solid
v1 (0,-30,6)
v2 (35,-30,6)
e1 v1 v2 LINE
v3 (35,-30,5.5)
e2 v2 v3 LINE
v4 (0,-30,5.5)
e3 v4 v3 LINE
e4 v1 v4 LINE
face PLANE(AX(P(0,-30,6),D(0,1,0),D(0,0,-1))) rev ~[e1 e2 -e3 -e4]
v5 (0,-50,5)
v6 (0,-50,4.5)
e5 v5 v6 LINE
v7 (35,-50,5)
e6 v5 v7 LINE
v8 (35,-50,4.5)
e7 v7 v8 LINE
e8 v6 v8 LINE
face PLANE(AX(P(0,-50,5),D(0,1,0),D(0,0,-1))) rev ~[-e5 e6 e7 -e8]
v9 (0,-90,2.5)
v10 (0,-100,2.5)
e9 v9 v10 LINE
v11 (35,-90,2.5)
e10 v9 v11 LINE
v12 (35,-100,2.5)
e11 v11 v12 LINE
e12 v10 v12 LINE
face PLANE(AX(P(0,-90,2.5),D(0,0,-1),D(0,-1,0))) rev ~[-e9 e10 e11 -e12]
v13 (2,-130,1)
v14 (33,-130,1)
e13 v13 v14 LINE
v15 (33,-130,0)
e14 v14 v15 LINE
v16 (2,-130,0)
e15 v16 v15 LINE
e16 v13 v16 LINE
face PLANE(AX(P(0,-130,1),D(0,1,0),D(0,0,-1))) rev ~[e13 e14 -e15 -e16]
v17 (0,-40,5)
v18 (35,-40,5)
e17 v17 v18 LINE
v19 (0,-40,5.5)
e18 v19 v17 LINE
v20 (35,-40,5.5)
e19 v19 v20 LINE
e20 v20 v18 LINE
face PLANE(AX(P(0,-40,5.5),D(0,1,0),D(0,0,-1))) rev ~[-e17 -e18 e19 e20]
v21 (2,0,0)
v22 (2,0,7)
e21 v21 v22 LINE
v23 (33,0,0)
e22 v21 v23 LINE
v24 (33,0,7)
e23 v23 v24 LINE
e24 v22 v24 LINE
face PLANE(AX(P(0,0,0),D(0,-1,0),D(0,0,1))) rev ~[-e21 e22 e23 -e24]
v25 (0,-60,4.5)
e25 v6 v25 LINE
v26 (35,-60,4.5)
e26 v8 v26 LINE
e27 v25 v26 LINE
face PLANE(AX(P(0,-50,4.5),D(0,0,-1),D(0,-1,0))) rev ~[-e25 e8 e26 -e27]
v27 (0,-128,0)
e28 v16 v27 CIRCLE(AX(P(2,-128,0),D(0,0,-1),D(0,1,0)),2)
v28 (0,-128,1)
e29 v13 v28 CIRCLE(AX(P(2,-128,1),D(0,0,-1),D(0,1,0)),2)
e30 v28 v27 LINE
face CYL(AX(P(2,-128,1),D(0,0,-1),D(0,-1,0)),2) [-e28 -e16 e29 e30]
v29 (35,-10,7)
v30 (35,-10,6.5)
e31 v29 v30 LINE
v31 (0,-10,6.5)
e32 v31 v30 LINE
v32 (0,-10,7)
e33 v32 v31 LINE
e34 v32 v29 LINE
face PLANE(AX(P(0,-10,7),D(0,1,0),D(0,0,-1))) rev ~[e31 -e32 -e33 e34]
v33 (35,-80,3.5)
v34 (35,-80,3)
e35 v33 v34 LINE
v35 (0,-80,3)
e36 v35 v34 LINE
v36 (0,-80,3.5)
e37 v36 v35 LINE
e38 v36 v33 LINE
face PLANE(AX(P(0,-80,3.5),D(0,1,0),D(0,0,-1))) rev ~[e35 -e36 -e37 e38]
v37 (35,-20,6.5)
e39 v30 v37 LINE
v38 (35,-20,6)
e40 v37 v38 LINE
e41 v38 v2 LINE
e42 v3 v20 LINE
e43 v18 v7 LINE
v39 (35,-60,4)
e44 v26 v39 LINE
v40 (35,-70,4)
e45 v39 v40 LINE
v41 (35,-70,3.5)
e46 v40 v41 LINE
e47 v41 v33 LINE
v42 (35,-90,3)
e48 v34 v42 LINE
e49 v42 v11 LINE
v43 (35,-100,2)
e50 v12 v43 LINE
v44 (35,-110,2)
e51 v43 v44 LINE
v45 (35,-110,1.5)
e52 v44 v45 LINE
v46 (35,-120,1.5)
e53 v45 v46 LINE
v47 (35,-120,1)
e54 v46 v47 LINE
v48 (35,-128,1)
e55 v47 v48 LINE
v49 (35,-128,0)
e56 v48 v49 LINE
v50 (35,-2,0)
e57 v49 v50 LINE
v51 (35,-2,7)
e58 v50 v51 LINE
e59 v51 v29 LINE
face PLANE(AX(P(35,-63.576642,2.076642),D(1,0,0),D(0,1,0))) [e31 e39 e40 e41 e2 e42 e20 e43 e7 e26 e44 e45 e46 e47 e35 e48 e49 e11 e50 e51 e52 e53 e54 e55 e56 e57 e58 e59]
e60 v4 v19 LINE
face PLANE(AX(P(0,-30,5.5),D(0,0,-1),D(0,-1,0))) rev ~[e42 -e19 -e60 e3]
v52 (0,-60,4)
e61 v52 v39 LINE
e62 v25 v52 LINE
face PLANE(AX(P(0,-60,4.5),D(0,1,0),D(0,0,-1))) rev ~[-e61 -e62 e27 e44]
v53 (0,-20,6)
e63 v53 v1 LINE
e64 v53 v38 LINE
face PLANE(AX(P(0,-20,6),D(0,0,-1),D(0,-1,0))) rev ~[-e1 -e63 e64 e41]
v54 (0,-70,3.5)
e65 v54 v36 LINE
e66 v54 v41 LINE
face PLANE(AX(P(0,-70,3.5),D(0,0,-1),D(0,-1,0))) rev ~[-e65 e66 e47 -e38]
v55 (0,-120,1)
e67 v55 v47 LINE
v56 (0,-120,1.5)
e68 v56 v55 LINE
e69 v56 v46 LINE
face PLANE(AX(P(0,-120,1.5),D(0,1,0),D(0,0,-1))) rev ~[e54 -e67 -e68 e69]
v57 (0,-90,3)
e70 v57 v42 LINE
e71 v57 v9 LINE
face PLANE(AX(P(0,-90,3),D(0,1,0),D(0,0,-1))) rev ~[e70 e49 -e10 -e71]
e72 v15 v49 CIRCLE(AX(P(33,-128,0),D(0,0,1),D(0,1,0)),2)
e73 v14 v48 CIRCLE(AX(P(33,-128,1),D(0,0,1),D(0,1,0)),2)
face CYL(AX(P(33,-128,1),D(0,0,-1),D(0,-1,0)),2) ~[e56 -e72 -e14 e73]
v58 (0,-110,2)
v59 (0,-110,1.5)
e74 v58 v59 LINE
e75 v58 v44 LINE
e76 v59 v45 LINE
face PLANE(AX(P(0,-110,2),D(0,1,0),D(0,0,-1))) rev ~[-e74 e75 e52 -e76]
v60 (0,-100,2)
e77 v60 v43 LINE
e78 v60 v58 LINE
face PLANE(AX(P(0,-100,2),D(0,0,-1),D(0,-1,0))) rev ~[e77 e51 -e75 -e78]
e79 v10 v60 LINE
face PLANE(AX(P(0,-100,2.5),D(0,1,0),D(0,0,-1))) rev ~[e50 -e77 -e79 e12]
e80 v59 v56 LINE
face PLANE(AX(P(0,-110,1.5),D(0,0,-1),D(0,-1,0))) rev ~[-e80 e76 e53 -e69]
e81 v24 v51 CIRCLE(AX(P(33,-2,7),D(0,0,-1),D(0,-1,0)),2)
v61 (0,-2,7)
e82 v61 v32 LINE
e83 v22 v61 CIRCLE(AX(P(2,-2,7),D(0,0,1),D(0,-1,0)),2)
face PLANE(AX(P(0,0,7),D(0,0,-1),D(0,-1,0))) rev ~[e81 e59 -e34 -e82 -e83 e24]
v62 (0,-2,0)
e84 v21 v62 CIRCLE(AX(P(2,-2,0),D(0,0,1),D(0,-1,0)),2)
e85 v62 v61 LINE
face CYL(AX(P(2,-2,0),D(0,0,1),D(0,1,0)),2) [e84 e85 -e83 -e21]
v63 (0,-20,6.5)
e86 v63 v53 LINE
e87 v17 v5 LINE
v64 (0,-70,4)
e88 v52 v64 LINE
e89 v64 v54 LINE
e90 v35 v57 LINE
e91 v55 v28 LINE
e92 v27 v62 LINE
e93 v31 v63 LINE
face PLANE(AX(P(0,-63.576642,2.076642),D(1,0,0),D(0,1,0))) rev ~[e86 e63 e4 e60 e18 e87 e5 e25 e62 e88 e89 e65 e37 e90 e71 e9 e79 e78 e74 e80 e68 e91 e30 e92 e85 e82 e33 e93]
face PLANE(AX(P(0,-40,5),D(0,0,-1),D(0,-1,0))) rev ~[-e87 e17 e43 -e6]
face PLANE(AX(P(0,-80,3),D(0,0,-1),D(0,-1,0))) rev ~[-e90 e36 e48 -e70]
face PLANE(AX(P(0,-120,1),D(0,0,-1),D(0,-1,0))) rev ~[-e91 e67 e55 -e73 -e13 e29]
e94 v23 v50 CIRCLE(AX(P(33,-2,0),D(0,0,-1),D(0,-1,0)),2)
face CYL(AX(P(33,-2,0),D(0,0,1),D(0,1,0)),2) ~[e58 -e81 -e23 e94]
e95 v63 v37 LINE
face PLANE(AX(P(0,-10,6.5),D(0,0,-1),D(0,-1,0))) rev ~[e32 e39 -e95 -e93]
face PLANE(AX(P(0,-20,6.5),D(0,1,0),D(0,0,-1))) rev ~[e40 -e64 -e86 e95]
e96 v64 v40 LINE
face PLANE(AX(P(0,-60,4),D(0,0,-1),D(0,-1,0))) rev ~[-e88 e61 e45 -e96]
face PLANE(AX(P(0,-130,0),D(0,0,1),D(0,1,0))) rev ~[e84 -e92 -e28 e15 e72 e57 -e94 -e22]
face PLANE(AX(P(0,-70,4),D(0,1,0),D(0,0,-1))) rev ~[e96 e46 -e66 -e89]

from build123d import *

# Parameters (mm, degrees)
F1_DEPTH = 35
F2_R     = 2


with BuildPart() as f1:
    # F0 (on Right) → F1 (new body)
    with BuildSketch(Plane.YZ):
        Polygon((-60, 4.5), (-60, 4), (-70, 4), (-70, 3.5), (-80, 3.5), (-80, 3), (-90, 3), (-90, 2.5), (-100, 2.5), (-100, 2), (-110, 2), (-110, 1.5), (-120, 1.5), (-120, 1), (-130, 1), (-130, 0), (0, 0), (0, 7), (-10, 7), (-10, 6.5), (-20, 6.5), (-20, 6), (-30, 6), (-30, 5.5), (-40, 5.5), (-40, 5), (-50, 5), (-50, 4.5), align=None)
    extrude(amount=F1_DEPTH)

    # F2
    f2_edges = [f1.edges().sort_by_distance(p)[0] for p in [
        (35, 0, 3.5),
        (35, -130, 0.5),
        (0, -130, 0.5),
        (0, 0, 3.5),
    ]]
    fillet(f2_edges, radius=F2_R)


solid = f1.part
